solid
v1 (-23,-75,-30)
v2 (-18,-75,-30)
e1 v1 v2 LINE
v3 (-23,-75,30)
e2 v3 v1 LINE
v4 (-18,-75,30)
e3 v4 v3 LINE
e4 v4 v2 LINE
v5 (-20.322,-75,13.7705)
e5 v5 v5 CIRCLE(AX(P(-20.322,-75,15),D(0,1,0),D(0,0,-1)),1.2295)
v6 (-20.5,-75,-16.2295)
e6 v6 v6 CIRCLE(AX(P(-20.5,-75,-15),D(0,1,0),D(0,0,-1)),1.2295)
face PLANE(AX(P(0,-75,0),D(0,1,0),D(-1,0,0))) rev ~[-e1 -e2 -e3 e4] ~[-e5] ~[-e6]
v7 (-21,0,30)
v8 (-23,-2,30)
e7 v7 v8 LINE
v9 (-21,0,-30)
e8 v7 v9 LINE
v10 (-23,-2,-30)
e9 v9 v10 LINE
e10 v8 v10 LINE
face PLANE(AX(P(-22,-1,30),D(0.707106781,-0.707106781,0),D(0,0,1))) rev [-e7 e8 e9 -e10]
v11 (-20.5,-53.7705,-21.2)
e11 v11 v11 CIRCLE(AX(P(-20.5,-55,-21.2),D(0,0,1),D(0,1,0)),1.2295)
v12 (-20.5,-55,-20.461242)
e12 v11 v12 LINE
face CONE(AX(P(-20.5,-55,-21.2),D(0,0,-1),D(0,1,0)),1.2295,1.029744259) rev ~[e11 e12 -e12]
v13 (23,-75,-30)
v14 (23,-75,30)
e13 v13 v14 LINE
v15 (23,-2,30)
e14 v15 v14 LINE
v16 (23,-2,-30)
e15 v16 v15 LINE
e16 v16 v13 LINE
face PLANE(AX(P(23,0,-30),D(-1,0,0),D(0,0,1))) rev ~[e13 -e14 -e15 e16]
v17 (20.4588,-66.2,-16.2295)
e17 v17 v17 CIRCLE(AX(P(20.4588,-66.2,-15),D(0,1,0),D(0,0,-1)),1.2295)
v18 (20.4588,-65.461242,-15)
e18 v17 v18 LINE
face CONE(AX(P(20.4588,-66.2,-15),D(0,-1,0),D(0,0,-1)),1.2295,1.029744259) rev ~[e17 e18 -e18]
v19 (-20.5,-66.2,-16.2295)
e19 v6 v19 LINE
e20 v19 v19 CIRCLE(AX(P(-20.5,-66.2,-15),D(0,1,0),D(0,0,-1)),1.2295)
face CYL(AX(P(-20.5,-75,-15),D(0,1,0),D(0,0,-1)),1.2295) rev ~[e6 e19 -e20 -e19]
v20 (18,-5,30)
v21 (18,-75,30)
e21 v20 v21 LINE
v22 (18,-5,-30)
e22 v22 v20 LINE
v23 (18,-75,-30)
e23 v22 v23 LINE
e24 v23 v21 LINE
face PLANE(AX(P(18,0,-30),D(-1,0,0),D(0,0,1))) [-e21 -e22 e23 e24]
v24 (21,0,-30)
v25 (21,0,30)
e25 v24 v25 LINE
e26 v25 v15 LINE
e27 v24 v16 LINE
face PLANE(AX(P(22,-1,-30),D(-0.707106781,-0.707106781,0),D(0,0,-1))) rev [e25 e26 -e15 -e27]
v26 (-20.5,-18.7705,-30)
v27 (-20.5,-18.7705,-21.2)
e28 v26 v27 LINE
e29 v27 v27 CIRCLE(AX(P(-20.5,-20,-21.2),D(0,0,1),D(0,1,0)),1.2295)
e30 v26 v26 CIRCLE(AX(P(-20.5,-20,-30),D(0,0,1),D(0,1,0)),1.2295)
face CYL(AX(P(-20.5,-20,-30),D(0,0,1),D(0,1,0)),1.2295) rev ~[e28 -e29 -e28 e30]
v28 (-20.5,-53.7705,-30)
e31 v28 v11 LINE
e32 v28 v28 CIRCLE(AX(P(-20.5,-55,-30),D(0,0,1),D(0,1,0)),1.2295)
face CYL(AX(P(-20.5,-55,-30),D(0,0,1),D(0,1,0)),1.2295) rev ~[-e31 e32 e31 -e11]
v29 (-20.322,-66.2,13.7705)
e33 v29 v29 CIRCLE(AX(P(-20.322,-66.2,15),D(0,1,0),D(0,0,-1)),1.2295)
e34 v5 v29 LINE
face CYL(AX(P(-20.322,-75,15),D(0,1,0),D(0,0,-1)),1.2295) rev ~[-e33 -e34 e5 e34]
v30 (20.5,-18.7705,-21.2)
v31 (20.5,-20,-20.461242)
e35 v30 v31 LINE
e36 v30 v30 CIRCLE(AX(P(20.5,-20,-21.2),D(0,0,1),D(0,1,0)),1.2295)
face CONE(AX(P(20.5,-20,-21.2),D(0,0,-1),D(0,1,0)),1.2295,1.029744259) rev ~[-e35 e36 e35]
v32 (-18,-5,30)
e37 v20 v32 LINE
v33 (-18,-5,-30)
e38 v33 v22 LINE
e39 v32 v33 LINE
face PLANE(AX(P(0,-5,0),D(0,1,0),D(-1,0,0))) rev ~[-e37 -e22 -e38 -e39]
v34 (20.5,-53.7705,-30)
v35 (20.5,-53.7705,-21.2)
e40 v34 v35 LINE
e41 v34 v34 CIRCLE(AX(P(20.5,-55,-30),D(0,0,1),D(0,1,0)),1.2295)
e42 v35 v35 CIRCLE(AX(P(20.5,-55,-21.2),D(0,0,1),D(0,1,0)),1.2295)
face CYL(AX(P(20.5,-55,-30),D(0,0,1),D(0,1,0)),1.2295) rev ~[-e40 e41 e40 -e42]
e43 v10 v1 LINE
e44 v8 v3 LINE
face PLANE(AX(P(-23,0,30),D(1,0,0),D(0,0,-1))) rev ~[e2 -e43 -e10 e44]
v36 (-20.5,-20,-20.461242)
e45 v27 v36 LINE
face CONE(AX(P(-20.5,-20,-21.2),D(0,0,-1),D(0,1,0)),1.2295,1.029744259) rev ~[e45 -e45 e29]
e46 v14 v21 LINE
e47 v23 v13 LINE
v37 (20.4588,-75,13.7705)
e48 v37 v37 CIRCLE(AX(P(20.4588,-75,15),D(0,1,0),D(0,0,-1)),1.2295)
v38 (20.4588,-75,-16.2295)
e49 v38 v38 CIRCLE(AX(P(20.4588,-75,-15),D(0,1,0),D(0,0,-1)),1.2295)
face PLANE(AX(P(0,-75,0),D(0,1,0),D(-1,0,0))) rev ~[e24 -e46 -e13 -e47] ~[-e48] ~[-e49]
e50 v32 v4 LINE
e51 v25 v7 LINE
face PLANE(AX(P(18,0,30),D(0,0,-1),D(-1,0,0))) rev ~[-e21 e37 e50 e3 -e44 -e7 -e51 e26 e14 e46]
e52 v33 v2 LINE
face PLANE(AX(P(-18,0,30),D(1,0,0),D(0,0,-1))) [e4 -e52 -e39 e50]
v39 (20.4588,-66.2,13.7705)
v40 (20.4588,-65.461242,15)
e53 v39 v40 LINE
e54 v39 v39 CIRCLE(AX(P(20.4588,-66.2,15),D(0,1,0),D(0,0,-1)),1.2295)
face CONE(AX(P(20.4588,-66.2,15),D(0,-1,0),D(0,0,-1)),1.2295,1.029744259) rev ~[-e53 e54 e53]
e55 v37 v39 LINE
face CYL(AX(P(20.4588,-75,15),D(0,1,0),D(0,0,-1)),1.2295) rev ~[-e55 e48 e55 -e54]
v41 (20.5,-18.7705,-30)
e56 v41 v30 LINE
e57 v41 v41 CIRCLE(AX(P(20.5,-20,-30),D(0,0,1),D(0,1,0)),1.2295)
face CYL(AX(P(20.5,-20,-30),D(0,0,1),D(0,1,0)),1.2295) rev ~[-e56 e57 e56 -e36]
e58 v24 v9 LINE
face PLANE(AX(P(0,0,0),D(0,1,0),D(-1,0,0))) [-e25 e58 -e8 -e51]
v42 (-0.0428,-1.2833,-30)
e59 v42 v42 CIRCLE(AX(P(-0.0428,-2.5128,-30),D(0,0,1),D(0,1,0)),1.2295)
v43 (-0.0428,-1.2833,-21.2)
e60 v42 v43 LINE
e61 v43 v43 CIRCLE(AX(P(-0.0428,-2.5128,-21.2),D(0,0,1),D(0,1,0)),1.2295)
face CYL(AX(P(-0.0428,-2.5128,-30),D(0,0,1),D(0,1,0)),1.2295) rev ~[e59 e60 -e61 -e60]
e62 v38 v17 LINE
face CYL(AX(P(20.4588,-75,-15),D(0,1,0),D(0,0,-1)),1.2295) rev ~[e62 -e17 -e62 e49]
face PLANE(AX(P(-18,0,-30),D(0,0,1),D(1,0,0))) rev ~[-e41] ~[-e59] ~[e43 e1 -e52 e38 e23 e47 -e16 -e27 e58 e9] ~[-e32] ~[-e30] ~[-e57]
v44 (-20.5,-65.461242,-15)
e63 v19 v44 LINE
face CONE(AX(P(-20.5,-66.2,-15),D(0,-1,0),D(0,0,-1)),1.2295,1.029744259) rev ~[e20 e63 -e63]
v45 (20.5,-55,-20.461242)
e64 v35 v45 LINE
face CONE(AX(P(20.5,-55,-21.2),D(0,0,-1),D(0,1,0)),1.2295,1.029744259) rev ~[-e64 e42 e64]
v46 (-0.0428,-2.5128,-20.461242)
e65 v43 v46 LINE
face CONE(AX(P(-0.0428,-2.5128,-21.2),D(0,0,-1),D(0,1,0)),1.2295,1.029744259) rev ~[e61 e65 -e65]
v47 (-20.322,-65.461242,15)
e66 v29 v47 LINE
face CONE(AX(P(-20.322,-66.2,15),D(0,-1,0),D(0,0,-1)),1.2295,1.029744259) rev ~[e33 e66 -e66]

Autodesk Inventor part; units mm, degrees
ref_plane "YZ Plane" through (0, 0, 0) normal (1, 0, 0) x (0, 1, 0)
ref_plane "XZ Plane" through (0, 0, 0) normal (0, 1, 0) x (-1, 0, 0)
sketch "Эскиз1" plane through (0, 0, 0) normal (0, 1, 0) x (-1, 0, 0)
  line L0 (-23, 30) -> (23, 30)
  line L1 (23, 30) -> (23, -30)
  line L2 (23, -30) -> (-23, -30)
  line L3 (-23, -30) -> (-23, 30)
  line L4 (-18, 30) -> (18, 30)
  line L5 (18, 30) -> (18, -30)
  line L6 (18, -30) -> (-18, -30)
  line L7 (-18, -30) -> (-18, 30)
  point P0 (0, 0)
  point P1 (-18, 30)
  point P2 (-18, -30)
  dimension "d0" = 46
  dimension "d2" = 36
  dimension "d3" = 60
  dimension "d14" = 5
extrude "Выдавливание3" add sketch "Эскиз1" against normal blind 5 contours L0 L5 L2 L7
extrude "Выдавливание4" add sketch "Эскиз1" against normal blind 75 contours L0 L7 L2 L3 | L0 L1 L2 L5
ref_plane "РабПлоскость5" through (0, -2.5, 0) normal (0, 1, 0) x (-1, 0, 0)
sketch "Эскиз3" plane through (0, -75, 0) normal (0, -1, 0) x (1, 0, 0)
  line L0 (-18, 30) -> (-23, 30) projected
  line L1 (-23, -30) -> (-18, -30) projected
  point P0 (0, 0)
  point P1 (-20.322, 15)
  point P2 (-20.4927, -15)
  point P3 (20.6897, -15.1643)
  dimension "d59" = 15
  dimension "d60" = 15
sketch "Эскиз4" plane through (0, -75, 0) normal (0, -1, 0) x (1, 0, 0)
  line L0 (-23, -30) -> (-18, -30) projected
  line L1 (-18, -30) -> (-18, 30) projected
  point P0 (0, 0)
  point P1 (-20.5, -15)
  dimension "d43" = 15
  dimension "d44" = 2.5
hole "Отверстие3" at (-20.5, -75, -15) direction (0, 1, 0) diameter 2.459 depth 8.8 tip angle 118 thread size "M3x0.5" class "6H" standard "ISO Metric profile"
hole "Отверстие4" at (-20.322, -75, 15) direction (0, 1, 0) diameter 2.459 depth 8.8 tip angle 118 thread size "M3x0.5" class "6H" standard "ISO Metric profile"
sketch "Эскиз5" plane through (0, -75, 0) normal (0, -1, 0) x (1, 0, 0)
  circle A0 centre (-20.322, 15) radius 1.2295 construction
  circle A1 centre (-20.5, -15) radius 1.2295 projected
  point P0 (0, 0)
  point P1 (20.4588, 15)
  point P2 (20.4588, -15)
hole "Отверстие5" at (20.4588, -75, 15) at (20.4588, -75, -15) direction (0, 1, 0) diameter 2.459 depth 8.8 tip angle 118 thread size "M3x0.5" class "6H" standard "ISO Metric profile"
sketch "Эскиз9" plane through (23, 0, -30) normal (0, 0, -1) x (-1, 0, 0)
  point P0 (23, 0)
  point P1 (23.0428, -2.5128)
hole "Отверстие7" at (-0.0428, -2.5128, -30) direction (0, 0, 1) diameter 2.459 depth 8.8 tip angle 118 thread size "M3x0.5" class "6H" standard "ISO Metric profile"
sketch "Эскиз8" plane through (23, 0, -30) normal (0, 0, -1) x (-1, 0, 0)
  line L0 (0, 0) -> (0, -75) projected
  line L1 (0, 0) -> (46, 0) construction
  line L2 (46, 0) -> (46, -75) projected
  line L3 (5, -5) -> (5, -75) projected
  line L4 (3.7707, -75) -> (1.3117, -75) projected
  line L5 (2.5, -75) -> (2.5, 0) construction
  line L6 (46, 0) -> (46, -75) construction
  line L7 (46, -2.5) -> (0, -2.5) construction
  line L8 (44.7295, -75) -> (42.2705, -75) construction
  line L9 (43.5, -75) -> (43.5, 0) construction
  line L10 (2.5, -20) -> (43.5, -20) construction
  line L11 (43.5, -20) -> (43.5, -55) construction
  line L12 (43.5, -55) -> (2.5, -55) construction
  line L13 (2.5, -55) -> (2.5, -20) construction
  line L14 (0, -75) -> (0, 0) projected
  line L15 (0, 0) -> (46, 0) projected
  line L16 (46, 0) -> (46, -75) projected
  line L17 (46, -75) -> (41, -75) projected
  line L18 (41, -75) -> (41, -5) projected
  line L19 (41, -5) -> (5, -5) projected
  line L20 (5, -5) -> (5, -75) projected
  line L21 (5, -75) -> (0, -75) projected
  circle A0 centre (23.0428, -2.5128) radius 1.2295 projected
  point P0 (23, 0)
  dimension "d76" = 5
  dimension "d84" = 35
hole "Отверстие9" at (20.5, -55, -30) direction (0, 0, 1) diameter 2.459 depth 8.8 tip angle 118 thread size "M3x0.5" class "6H" standard "ISO Metric profile"
hole "Отверстие10" at (-20.5, -55, -30) at (20.5, -20, -30) direction (0, 0, 1) diameter 2.459 depth 8.8 tip angle 118 thread size "M3x0.5" class "6H" standard "ISO Metric profile"
hole "Отверстие11" at (-20.5, -20, -30) direction (0, 0, 1) diameter 2.459 depth 8.8 tip angle 118 thread size "M3x0.5" class "6H" standard "ISO Metric profile"
chamfer "Фаска1" distance 2 angle 45 2 edges at (23, 0, 0) (-23, 0, 0)
equation "\"Радиус_гибки\" = Толщина"
equation "\"Ширина_просечки\" = Толщина"
equation "\"Глубина_просечки\" = 0.5 * Толщина"
equation "\"Радиус_перехода\" = Радиус_гибки"
equation "\"Радиус_Якоби\" = Радиус_гибки"
equation "\"Размер_зазора\" = Толщина"
equation "\"Толщина\" = 5"
properties part number "magnetGuide" material "Железо, мягкое"
